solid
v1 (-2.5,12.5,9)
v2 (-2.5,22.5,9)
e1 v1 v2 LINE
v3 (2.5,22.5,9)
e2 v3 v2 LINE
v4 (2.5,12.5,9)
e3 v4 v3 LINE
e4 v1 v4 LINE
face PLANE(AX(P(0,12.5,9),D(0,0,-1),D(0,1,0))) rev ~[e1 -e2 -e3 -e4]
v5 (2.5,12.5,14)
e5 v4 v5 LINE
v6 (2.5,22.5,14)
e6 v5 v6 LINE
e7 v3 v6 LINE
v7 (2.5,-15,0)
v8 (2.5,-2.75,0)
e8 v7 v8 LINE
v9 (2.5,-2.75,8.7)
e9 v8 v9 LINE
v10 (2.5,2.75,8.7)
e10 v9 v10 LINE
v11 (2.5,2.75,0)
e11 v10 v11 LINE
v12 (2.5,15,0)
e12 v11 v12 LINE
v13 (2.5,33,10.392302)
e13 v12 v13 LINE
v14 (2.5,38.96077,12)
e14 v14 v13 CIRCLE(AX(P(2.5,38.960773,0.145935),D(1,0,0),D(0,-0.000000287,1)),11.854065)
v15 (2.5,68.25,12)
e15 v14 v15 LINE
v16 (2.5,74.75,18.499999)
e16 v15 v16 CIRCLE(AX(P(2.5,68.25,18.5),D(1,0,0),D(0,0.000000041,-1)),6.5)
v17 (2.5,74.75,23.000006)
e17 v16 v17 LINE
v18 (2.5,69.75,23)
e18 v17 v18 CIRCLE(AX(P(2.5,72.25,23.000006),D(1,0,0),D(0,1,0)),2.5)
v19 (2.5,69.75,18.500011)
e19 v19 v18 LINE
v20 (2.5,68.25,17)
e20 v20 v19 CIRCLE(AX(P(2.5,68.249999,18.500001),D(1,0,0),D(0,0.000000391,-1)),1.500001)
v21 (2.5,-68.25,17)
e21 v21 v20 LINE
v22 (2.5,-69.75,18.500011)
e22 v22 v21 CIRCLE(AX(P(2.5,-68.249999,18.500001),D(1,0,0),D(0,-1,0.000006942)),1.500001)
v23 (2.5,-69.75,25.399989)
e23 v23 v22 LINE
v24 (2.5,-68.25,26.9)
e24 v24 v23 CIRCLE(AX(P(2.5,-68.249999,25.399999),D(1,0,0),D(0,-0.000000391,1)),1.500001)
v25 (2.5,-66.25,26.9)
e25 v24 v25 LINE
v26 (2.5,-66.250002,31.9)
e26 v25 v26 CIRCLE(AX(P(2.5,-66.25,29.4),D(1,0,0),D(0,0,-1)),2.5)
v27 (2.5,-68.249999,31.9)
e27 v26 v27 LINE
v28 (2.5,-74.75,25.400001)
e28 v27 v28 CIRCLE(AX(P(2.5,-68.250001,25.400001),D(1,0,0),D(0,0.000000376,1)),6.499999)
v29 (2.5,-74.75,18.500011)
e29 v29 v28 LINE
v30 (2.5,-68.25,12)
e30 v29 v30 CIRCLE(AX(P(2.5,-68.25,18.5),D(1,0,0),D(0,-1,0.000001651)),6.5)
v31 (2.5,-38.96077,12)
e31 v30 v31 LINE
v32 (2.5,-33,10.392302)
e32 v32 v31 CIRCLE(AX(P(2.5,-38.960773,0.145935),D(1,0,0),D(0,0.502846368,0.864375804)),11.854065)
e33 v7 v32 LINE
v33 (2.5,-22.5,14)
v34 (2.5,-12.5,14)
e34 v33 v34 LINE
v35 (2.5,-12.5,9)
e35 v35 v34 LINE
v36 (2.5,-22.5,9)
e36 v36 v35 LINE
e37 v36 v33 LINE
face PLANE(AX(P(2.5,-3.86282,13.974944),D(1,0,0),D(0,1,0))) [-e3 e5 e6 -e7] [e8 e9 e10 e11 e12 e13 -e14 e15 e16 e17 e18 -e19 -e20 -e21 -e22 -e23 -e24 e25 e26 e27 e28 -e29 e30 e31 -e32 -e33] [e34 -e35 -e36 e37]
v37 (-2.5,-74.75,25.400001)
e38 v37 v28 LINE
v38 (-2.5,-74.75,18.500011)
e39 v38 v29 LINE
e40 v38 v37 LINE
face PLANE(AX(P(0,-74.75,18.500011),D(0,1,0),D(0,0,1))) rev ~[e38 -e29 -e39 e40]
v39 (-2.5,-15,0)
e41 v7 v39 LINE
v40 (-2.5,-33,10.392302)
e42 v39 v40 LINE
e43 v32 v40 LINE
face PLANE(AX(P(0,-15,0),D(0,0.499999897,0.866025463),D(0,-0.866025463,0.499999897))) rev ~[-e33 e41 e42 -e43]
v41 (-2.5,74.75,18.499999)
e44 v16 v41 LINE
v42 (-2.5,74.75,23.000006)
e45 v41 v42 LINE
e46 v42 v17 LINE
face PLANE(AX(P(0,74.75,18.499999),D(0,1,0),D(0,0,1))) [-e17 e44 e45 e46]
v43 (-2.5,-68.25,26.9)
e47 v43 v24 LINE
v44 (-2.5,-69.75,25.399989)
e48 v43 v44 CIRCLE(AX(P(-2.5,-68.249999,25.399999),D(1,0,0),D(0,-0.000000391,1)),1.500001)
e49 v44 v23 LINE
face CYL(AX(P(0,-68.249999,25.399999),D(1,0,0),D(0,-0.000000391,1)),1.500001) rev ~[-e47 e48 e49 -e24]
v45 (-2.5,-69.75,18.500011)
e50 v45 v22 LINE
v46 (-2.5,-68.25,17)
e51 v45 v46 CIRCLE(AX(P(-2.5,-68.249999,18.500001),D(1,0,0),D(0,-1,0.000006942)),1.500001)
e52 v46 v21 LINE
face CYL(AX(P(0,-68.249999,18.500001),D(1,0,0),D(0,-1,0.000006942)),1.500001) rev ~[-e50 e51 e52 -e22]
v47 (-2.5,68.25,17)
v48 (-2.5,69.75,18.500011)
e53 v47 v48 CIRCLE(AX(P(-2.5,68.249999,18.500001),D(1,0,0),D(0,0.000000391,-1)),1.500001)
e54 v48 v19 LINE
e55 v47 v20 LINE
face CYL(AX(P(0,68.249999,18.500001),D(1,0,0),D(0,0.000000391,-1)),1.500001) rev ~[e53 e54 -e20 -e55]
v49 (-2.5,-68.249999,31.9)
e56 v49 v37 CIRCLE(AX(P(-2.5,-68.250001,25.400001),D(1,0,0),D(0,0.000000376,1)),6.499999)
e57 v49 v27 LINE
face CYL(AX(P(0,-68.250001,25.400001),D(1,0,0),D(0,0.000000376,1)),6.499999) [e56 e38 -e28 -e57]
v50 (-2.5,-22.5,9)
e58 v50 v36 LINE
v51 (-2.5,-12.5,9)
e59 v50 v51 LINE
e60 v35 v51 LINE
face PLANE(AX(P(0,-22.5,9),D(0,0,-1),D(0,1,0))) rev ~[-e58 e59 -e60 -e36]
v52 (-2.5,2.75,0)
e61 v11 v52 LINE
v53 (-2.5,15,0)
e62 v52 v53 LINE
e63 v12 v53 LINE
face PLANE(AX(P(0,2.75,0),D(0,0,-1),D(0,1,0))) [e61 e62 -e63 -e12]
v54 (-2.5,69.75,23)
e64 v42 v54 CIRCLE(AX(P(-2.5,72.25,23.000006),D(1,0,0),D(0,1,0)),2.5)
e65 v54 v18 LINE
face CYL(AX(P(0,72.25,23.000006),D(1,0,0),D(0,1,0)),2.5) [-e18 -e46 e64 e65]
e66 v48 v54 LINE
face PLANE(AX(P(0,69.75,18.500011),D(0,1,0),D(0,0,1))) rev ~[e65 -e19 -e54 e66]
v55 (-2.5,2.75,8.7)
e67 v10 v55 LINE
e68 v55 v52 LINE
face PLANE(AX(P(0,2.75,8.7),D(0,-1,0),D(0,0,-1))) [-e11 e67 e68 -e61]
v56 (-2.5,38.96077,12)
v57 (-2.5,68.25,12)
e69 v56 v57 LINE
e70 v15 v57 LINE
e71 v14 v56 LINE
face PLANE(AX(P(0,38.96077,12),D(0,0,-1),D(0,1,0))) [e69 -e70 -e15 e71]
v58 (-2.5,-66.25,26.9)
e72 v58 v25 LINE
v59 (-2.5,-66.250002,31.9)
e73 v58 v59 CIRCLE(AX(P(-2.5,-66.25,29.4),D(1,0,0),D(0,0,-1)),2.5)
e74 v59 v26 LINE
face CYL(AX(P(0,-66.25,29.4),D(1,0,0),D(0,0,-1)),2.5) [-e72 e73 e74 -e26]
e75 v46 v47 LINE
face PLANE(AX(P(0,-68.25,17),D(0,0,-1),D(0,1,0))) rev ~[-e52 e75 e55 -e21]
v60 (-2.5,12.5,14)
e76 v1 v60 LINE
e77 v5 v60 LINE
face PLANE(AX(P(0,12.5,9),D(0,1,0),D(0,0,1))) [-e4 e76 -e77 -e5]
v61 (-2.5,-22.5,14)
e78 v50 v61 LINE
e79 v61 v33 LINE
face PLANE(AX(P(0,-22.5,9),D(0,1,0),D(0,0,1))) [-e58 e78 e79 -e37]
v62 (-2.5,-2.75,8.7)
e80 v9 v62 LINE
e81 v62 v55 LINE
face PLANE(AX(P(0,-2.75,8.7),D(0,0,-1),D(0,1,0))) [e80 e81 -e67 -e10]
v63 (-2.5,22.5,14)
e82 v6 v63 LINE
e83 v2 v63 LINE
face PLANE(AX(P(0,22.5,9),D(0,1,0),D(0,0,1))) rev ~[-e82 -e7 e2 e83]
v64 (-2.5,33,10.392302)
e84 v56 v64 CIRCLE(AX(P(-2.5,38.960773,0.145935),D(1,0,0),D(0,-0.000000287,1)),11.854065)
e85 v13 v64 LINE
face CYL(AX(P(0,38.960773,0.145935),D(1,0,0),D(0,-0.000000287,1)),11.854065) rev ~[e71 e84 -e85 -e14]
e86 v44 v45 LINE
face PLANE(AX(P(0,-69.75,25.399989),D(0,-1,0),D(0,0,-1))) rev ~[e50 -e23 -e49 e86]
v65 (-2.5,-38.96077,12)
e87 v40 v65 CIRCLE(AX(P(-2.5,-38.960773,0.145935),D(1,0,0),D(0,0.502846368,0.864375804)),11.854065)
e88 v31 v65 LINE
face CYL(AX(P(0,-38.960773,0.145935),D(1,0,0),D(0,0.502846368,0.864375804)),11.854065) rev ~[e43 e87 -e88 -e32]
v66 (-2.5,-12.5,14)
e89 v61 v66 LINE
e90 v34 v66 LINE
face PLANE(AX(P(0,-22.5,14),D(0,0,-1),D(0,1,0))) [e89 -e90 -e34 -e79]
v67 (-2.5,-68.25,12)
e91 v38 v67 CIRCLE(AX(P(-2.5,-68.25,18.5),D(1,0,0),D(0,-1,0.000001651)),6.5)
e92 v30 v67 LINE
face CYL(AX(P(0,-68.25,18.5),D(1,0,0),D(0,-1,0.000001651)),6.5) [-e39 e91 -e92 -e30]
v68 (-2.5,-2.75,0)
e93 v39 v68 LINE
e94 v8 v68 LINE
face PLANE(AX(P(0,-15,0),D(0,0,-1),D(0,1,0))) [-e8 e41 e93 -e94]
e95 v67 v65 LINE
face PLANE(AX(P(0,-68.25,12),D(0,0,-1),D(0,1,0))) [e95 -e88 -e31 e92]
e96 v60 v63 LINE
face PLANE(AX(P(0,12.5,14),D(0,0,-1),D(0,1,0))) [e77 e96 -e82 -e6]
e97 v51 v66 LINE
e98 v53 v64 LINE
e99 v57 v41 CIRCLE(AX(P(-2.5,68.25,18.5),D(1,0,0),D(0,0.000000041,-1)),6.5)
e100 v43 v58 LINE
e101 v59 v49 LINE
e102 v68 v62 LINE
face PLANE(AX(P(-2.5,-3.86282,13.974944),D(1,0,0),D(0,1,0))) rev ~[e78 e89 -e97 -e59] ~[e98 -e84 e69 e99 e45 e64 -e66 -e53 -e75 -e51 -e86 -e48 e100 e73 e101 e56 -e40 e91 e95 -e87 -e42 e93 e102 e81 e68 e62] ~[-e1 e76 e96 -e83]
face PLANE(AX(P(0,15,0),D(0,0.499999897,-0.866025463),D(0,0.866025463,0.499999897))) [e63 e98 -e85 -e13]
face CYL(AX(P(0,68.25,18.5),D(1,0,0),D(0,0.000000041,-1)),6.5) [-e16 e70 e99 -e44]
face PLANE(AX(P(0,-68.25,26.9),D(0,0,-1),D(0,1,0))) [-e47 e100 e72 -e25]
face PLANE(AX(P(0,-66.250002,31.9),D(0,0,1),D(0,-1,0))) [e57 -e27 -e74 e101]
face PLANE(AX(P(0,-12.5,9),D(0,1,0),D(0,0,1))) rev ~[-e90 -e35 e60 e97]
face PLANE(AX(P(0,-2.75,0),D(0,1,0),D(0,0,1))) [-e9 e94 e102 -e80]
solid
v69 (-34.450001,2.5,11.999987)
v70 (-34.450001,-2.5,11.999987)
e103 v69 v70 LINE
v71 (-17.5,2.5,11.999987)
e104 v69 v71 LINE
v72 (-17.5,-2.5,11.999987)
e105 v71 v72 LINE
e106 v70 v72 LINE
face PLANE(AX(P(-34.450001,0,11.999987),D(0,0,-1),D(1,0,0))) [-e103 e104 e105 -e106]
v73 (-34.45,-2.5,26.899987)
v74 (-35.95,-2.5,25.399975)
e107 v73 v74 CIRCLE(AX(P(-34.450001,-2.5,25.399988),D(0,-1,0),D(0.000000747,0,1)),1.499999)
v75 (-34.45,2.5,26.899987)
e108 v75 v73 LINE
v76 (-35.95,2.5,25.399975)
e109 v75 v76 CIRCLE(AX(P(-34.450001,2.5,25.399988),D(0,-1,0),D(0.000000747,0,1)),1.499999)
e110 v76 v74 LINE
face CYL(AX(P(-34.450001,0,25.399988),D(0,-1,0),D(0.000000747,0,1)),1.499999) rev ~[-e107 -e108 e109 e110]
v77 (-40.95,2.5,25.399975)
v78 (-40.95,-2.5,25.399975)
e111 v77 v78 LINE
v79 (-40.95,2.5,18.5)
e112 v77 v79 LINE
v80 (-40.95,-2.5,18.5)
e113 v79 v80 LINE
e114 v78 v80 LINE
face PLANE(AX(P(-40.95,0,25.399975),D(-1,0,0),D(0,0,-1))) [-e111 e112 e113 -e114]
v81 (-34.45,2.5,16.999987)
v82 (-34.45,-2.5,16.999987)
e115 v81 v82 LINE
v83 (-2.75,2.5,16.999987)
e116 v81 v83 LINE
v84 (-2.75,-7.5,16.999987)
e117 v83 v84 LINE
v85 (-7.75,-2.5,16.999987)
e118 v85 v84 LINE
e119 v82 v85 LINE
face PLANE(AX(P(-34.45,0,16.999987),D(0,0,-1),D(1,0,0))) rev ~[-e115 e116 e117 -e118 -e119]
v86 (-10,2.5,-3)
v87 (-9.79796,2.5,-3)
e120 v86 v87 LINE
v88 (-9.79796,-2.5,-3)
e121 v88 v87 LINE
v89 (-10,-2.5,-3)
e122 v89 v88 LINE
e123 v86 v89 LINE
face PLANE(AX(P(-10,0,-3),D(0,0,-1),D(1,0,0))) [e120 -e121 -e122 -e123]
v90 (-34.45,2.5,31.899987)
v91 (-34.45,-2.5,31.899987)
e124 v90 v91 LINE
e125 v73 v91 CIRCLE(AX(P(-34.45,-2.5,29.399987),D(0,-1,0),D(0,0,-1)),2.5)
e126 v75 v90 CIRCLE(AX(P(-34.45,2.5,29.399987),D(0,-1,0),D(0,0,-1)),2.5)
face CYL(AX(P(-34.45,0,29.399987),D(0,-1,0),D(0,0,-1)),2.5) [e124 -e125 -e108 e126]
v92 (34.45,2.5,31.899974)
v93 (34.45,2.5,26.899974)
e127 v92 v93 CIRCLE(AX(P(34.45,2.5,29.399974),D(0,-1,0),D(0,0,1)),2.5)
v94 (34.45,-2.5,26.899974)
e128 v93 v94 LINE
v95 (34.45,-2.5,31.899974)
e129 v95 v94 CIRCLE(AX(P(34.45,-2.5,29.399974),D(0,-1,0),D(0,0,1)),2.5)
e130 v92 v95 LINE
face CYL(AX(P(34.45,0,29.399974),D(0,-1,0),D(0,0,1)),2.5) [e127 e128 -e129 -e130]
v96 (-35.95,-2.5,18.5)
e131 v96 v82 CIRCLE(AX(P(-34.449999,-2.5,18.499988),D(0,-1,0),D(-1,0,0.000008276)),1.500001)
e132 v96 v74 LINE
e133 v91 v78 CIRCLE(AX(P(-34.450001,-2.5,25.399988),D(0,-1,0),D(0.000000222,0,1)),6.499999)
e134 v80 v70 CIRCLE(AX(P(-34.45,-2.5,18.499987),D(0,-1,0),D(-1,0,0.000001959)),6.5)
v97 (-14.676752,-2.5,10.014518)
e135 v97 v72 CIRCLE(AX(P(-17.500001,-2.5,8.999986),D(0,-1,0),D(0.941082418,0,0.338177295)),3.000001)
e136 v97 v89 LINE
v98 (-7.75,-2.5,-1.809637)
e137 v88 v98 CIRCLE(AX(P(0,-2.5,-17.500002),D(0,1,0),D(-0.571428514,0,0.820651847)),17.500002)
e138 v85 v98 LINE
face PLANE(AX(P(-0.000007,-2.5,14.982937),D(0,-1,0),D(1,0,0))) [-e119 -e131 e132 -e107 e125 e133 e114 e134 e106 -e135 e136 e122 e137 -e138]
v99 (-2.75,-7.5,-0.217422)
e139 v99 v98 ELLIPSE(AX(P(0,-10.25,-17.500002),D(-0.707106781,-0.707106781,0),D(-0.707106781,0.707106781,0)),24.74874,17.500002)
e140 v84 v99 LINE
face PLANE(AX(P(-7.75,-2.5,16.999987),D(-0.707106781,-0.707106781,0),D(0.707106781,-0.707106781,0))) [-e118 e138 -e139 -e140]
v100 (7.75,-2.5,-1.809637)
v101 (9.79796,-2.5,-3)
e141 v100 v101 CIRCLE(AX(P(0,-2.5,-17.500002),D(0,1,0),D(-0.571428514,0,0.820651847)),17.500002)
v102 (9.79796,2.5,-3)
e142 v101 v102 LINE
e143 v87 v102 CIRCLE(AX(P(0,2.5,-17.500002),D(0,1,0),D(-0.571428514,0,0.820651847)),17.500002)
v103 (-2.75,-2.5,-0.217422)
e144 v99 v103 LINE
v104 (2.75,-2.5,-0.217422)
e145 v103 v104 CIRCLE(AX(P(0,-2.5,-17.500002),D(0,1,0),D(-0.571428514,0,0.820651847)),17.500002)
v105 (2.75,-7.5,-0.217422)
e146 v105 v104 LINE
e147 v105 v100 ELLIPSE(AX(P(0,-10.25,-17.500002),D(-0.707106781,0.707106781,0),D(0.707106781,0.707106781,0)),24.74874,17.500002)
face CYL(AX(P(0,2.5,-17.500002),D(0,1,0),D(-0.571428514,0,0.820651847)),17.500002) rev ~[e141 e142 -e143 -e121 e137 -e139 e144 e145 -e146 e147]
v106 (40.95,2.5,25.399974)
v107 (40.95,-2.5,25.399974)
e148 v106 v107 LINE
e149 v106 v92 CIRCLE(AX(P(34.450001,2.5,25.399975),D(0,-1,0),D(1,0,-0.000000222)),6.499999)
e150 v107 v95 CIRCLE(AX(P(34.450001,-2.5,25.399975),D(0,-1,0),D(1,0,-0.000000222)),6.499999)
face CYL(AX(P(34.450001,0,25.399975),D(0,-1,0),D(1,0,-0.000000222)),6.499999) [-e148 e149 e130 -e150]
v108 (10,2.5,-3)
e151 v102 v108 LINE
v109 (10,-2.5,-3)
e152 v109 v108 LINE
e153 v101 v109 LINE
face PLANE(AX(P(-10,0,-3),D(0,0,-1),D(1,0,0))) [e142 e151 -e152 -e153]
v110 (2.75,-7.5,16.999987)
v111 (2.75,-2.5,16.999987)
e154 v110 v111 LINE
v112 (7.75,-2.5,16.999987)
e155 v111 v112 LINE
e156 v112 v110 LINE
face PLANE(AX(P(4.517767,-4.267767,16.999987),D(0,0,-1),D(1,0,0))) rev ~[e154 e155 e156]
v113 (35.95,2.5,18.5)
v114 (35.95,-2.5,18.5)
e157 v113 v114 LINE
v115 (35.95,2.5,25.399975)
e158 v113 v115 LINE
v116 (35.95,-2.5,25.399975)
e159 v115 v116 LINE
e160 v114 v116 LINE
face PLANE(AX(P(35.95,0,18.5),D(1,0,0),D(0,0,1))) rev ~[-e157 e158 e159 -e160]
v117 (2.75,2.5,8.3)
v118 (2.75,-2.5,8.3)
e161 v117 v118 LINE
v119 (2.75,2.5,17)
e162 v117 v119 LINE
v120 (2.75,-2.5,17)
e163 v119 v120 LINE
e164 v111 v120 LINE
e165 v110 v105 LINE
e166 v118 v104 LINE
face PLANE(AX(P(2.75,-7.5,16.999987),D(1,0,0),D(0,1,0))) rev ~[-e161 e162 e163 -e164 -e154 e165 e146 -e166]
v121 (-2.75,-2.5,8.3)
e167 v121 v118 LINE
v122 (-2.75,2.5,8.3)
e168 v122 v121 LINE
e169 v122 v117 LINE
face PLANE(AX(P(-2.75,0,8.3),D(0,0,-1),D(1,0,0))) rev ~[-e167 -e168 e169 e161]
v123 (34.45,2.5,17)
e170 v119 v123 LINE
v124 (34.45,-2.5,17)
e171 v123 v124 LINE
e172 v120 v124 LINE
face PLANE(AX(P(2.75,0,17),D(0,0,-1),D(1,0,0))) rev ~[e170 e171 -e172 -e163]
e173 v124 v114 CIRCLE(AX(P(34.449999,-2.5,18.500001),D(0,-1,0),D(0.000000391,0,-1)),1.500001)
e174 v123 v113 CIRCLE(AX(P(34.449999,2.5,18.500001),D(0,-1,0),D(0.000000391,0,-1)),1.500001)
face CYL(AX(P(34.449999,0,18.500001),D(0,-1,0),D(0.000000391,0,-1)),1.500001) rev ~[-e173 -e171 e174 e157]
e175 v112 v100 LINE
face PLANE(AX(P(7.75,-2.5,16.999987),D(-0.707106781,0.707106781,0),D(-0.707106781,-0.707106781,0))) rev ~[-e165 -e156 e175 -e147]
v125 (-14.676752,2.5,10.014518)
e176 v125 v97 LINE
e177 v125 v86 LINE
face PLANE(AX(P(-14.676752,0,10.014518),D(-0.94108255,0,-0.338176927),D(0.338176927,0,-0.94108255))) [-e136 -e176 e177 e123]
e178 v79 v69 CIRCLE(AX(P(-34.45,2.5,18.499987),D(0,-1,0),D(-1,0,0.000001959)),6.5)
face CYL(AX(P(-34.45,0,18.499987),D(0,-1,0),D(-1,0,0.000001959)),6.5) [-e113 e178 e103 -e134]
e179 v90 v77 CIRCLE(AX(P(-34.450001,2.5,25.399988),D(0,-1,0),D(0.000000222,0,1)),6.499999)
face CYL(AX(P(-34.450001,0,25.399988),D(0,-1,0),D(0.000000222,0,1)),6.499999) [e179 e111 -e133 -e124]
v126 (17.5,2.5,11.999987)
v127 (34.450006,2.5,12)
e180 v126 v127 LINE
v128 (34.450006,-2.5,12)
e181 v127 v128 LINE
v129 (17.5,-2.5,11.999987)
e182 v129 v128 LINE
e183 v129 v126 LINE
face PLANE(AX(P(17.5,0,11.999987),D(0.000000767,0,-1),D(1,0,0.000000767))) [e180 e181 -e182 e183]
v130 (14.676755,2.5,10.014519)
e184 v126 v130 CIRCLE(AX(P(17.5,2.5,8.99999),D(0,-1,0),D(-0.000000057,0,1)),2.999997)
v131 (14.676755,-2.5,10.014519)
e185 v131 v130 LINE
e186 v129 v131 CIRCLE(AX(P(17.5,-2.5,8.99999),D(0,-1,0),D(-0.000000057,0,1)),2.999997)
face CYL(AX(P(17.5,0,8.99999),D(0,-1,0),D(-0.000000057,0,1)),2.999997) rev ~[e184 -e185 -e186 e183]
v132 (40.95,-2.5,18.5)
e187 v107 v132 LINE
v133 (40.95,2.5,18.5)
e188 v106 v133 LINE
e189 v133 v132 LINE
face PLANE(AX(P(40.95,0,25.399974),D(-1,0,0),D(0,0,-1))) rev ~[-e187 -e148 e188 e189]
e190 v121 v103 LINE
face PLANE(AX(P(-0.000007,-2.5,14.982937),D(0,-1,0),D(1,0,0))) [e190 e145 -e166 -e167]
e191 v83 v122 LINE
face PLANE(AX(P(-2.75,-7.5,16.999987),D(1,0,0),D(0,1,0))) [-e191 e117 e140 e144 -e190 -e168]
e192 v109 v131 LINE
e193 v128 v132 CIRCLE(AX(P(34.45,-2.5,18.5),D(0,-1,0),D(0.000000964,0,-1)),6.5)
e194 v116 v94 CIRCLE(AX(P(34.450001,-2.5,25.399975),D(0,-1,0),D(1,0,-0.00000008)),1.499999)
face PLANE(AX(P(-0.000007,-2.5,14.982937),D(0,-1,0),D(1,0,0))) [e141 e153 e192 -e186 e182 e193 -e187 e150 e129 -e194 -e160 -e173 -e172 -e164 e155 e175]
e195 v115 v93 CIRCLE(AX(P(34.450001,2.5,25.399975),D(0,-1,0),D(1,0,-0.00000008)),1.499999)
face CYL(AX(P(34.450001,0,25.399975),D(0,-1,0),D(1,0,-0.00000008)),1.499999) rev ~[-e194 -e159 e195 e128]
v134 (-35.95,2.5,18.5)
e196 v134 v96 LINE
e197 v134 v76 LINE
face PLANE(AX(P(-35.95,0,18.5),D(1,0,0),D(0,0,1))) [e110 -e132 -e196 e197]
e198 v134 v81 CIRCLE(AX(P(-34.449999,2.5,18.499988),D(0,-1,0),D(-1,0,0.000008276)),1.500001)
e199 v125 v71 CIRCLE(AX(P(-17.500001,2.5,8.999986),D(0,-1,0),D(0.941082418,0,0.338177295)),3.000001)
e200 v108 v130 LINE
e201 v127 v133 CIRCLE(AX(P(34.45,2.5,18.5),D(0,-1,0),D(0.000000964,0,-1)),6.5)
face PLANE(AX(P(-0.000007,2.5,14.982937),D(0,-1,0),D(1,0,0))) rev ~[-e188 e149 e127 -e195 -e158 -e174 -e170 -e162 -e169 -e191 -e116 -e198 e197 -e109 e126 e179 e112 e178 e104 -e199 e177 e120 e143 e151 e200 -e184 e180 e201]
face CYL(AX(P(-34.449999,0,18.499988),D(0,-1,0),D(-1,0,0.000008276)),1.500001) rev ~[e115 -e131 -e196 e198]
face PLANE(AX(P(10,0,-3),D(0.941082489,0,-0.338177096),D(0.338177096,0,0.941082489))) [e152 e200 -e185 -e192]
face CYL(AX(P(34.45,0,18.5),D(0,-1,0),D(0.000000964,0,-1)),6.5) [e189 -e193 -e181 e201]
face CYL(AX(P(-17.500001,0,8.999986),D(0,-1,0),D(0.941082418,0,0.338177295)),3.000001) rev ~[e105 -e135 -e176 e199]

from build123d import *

# Parameters (mm, degrees)
SKETCH_W     = 10
SKETCH_H     = 5
PAD_DEPTH    = 2.5
PAD001_DEPTH = 2.5
PAD002_DEPTH = 20
POCKET_DEPTH = 10


with BuildPart() as vertical:
    # Sketch → Pad (new body, symmetric)
    with BuildSketch(Plane.YZ):
        with BuildLine():
            Line((74.75, 18.499999), (74.75, 23.000006))
            ThreePointArc((74.75, 23.000006), (72.249997, 25.500006), (69.75, 23))
            Line((69.75, 18.500011), (69.75, 23))
            ThreePointArc((68.25, 17), (69.310664, 17.439344), (69.75, 18.500011))
            Line((-68.25, 17), (68.25, 17))
            ThreePointArc((-69.75, 18.500011), (-69.310664, 17.439344), (-68.25, 17))
            Line((-69.75, 25.399989), (-69.75, 18.500011))
            ThreePointArc((-68.25, 26.9), (-69.310664, 26.460656), (-69.75, 25.399989))
            Line((-68.25, 26.9), (-66.25, 26.9))
            ThreePointArc((-66.25, 26.9), (-63.75, 29.400001), (-66.250002, 31.9))
            Line((-66.250002, 31.9), (-68.249999, 31.9))
            ThreePointArc((-68.249999, 31.9), (-72.846194, 29.996195), (-74.75, 25.400001))
            Line((-74.75, 18.500011), (-74.75, 25.400001))
            ThreePointArc((-74.75, 18.500011), (-72.846198, 13.90381), (-68.25, 12))
            Line((-68.25, 12), (-38.96077, 12))
            ThreePointArc((-33, 10.392302), (-35.873884, 11.59102), (-38.96077, 12))
            Line((-15, 0), (-33, 10.392302))
            Line((-15, 0), (-2.75, 0))
            Line((-2.75, 0), (-2.75, 8.7))
            Line((-2.75, 8.7), (2.75, 8.7))
            Line((2.75, 8.7), (2.75, 0))
            Line((2.75, 0), (15, 0))
            Line((15, 0), (33, 10.392302))
            ThreePointArc((38.96077, 12), (35.873884, 11.59102), (33, 10.392302))
            Line((38.96077, 12), (68.25, 12))
            ThreePointArc((68.25, 12), (72.846194, 13.903806), (74.75, 18.499999))
        make_face()
        with Locations((-17.5, 11.5)):
            Rectangle(SKETCH_W, SKETCH_H, mode=Mode.SUBTRACT)
        with Locations((17.5, 11.5)):
            Rectangle(SKETCH_W, SKETCH_H, mode=Mode.SUBTRACT)
    extrude(amount=PAD_DEPTH, both=True)


with BuildPart() as fusion:
    # Sketch001 → Pad001 (new body, symmetric)
    with BuildSketch(Plane.XZ):
        with BuildLine():
            Line((17.5, 11.999987), (34.450006, 12))
            ThreePointArc((34.450006, 12), (39.046196, 13.903808), (40.95, 18.5))
            Line((40.95, 25.399974), (40.95, 18.5))
            ThreePointArc((40.95, 25.399974), (39.046194, 29.996169), (34.45, 31.899974))
            ThreePointArc((34.45, 31.899974), (31.95, 29.399974), (34.45, 26.899974))
            ThreePointArc((35.95, 25.399975), (35.51066, 26.460635), (34.45, 26.899974))
            Line((35.95, 18.5), (35.95, 25.399975))
            ThreePointArc((34.45, 17), (35.51066, 17.43934), (35.95, 18.5))
            Line((2.75, 17), (34.45, 17))
            Line((2.75, 8.3), (2.75, 17))
            Line((-2.75, 8.3), (2.75, 8.3))
            Line((-2.75, 16.999987), (-2.75, 8.3))
            Line((-34.45, 16.999987), (-2.75, 16.999987))
            ThreePointArc((-35.95, 18.5), (-35.510665, 17.439332), (-34.45, 16.999987))
            Line((-35.95, 18.5), (-35.95, 25.399975))
            ThreePointArc((-34.45, 26.899987), (-35.510665, 26.460643), (-35.95, 25.399975))
            ThreePointArc((-34.45, 26.899987), (-31.95, 29.399987), (-34.45, 31.899987))
            ThreePointArc((-34.45, 31.899987), (-39.046199, 29.996177), (-40.95, 25.399975))
            Line((-40.95, 25.399975), (-40.95, 18.5))
            ThreePointArc((-40.95, 18.5), (-39.046199, 13.903798), (-34.450001, 11.999987))
            Line((-34.450001, 11.999987), (-17.5, 11.999987))
            ThreePointArc((-14.676752, 10.014518), (-15.774253, 11.453922), (-17.5, 11.999987))
            Line((-14.676752, 10.014518), (-10, -3))
            Line((-10, -3), (10, -3))
            Line((10, -3), (14.676755, 10.014519))
            ThreePointArc((17.5, 11.999987), (15.774254, 11.453922), (14.676755, 10.014519))
        make_face()
    extrude(amount=PAD001_DEPTH, both=True)

    # Sketch002 → Pad002 (new body)
    with BuildSketch(Plane(origin=(0, 0, 16.999987), x_dir=(-1, 0, 0), z_dir=(0, 0, 1))):
        Polygon((-7.75, 2.5), (-2.75, 7.5), (-2.75, 2.5), align=None)
        Polygon((2.75, 7.5), (2.75, 2.5), (7.75, 2.5), align=None)
    extrude(amount=-PAD002_DEPTH)

    # Sketch003 → Pocket (cut)
    with BuildSketch(Plane(origin=(0, 2.5, 0), x_dir=(1, 0, 0), z_dir=(0, 1, 0))):
        with BuildLine():
            ThreePointArc((-10, 3.138593), (0, 0), (10, 3.138593))
            Line((-10, 3.138593), (10, 3.138593))
        make_face()
    extrude(amount=-POCKET_DEPTH, mode=Mode.SUBTRACT)

    # Fusion: union Vertical
    add(vertical.part)


solid = fusion.part
